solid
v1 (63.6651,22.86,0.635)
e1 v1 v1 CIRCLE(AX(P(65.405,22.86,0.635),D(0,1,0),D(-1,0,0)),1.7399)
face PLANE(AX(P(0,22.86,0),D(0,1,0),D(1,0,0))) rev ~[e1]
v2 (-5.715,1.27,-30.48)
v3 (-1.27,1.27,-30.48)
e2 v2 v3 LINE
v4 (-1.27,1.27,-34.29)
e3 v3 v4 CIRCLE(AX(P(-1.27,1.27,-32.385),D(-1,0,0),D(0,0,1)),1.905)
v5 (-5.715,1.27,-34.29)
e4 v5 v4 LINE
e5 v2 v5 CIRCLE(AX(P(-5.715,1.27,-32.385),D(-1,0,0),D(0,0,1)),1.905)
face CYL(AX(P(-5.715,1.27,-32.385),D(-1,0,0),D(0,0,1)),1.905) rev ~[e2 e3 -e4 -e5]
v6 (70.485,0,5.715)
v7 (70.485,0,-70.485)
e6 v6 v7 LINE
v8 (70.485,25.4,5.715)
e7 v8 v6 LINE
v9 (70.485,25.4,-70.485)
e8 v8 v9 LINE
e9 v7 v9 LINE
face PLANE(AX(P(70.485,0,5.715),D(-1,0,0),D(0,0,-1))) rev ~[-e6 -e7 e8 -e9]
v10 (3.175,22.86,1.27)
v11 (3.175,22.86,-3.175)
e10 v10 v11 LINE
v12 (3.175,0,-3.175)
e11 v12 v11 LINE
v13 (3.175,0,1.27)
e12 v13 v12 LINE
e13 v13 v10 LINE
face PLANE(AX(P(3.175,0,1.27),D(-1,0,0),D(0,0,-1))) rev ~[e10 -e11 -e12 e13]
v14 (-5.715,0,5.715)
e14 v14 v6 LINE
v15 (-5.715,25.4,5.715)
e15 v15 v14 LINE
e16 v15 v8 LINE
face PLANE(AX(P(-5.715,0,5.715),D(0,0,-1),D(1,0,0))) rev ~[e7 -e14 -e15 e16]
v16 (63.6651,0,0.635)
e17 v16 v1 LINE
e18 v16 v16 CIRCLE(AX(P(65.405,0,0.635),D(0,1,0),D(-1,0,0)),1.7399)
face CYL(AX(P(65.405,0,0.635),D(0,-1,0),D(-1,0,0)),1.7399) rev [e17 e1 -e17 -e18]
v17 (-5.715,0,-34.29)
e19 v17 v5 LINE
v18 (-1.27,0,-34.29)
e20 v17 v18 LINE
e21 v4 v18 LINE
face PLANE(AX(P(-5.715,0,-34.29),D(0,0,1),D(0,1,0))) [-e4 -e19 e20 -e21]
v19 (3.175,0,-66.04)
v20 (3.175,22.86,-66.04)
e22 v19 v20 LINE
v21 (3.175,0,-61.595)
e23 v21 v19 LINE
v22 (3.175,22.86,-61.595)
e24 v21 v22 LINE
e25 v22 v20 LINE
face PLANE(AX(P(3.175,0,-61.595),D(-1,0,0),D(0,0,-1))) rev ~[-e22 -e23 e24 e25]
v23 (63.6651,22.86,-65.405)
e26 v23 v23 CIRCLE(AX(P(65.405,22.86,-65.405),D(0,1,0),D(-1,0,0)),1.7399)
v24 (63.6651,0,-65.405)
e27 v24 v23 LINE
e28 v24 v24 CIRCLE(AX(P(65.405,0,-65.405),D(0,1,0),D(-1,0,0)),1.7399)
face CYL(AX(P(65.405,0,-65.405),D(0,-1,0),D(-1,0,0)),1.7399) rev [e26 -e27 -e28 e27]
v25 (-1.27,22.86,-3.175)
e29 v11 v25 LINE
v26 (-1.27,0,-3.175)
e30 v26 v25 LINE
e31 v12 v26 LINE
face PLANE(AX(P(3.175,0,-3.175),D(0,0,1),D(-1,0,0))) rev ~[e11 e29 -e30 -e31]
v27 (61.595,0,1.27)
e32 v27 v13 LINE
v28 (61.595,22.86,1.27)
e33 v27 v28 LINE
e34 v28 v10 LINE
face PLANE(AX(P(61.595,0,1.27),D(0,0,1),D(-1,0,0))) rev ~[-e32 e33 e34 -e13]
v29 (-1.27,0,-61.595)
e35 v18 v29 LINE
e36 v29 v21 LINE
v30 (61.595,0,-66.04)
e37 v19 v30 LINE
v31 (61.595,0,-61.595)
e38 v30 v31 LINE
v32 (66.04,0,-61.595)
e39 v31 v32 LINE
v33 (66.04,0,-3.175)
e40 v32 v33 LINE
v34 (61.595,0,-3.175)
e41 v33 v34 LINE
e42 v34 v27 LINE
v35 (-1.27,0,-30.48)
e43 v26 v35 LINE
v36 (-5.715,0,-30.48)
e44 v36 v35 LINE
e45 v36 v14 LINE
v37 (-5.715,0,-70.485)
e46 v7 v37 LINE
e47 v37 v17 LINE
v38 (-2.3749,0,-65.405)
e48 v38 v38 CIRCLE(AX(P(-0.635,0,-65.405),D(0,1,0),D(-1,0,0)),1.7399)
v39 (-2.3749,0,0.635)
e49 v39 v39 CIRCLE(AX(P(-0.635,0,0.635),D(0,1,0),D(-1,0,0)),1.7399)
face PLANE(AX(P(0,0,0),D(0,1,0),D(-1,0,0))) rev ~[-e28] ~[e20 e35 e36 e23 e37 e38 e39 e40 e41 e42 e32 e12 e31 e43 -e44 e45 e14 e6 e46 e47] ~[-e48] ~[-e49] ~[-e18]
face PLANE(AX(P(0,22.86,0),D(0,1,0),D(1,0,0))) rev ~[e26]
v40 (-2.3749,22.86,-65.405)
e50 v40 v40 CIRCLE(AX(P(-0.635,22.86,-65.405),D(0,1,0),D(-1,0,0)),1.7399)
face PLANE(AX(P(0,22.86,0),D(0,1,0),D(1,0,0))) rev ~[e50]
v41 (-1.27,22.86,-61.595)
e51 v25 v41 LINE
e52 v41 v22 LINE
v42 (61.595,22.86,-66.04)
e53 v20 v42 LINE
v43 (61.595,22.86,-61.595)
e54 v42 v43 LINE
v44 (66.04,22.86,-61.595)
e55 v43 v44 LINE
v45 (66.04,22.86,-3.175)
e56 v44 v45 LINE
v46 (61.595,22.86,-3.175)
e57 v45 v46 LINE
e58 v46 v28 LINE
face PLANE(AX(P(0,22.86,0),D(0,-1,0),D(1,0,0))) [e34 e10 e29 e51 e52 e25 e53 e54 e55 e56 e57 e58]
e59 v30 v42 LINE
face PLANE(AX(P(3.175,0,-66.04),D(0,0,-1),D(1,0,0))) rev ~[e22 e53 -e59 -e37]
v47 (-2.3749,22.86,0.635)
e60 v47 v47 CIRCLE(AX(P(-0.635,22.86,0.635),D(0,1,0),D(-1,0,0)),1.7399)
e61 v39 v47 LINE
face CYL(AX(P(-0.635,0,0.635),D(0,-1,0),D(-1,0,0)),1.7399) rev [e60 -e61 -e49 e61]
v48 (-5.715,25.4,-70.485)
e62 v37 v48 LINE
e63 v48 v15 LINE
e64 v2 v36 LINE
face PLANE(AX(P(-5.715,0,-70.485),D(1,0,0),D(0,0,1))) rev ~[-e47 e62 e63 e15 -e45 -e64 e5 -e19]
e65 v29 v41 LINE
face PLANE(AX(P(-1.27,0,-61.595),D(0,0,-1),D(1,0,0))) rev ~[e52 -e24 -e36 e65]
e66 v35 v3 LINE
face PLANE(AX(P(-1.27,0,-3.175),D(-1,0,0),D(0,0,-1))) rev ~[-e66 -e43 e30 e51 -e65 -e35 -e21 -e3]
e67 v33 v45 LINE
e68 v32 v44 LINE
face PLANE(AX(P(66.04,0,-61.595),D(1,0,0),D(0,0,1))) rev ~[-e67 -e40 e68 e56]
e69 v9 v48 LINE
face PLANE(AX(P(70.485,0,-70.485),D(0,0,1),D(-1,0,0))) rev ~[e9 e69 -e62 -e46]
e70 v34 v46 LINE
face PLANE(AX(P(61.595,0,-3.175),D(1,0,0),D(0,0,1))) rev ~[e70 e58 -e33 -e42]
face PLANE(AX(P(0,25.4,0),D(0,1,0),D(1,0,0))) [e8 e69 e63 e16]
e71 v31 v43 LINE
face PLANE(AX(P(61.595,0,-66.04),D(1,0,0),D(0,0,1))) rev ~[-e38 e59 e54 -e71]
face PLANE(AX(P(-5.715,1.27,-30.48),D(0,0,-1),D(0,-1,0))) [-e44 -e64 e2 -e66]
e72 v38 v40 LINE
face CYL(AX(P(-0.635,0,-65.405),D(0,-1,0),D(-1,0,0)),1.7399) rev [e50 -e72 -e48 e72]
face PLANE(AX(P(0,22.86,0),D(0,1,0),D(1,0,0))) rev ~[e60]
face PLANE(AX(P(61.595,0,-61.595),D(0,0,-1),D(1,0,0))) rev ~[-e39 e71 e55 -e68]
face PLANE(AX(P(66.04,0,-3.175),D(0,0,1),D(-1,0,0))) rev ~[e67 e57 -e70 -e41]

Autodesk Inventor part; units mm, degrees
ref_plane "YZ Plane" through (0, 0, 0) normal (1, 0, 0) x (0, 1, 0)
ref_plane "XZ Plane" through (0, 0, 0) normal (0, 1, 0) x (-1, 0, 0)
ref_plane "XY Plane" through (0, 0, 0) normal (0, 0, 1) x (1, 0, 0)
sketch "Sketch1" plane through (0, 0, 0) normal (0, 1, 0) x (-1, 0, 0)
  line L0 (-70.485, -70.485) -> (5.715, -70.485)
  line L1 (5.715, -70.485) -> (5.715, 5.715)
  line L2 (5.715, 5.715) -> (-70.485, 5.715)
  line L3 (-70.485, 5.715) -> (-70.485, -70.485)
  line L4 (-70.485, -70.485) -> (5.715, 5.715) construction
  line L5 (5.715, -70.485) -> (-70.485, 5.715) construction
  line L6 (5.715, 5.715) -> (0.635, 5.715) construction
  line L7 (0.635, 5.715) -> (0.635, 0.635) construction
  line L8 (0.635, 0.635) -> (5.715, 0.635) construction
  line L9 (5.715, 0.635) -> (5.715, 5.715) construction
  line L10 (-3.175, -3.175) -> (-61.595, -3.175)
  line L11 (-61.595, -3.175) -> (-61.595, -61.595)
  line L12 (-61.595, -61.595) -> (-3.175, -61.595)
  line L13 (-3.175, -61.595) -> (-3.175, -3.175)
  line L14 (-3.175, -3.175) -> (-61.595, -61.595) construction
  line L15 (-61.595, -3.175) -> (-3.175, -61.595) construction
  circle A0 centre (0.635, 0.635) radius 1.7399
  circle A1 centre (0.635, -65.405) radius 1.7399
  circle A2 centre (-65.405, 0.635) radius 1.7399
  circle A3 centre (-65.405, -65.405) radius 1.7399
  point P0 (0, 0)
  point P1 (-32.385, -32.385)
  dimension "d2" = 76.2
  dimension "d3" = 76.2
  dimension "d4" = 5.08
  dimension "d5" = 5.08
  dimension "d7" = 58.42
  dimension "d8" = 58.42
  dimension "d9" = 3.4798
  dimension "d12" = 66.04
  dimension "d15" = 66.04
extrude "Extrusion1" add sketch "Sketch1" along normal blind 22.86
sketch "Sketch2" plane through (0, 22.86, 0) normal (0, 1, 0) x (1, 0, 0)
  line L0 (-5.715, -5.715) -> (70.485, -5.715) projected
  line L1 (70.485, -5.715) -> (70.485, 70.485) projected
  line L2 (-5.715, -5.715) -> (70.485, -5.715)
  line L3 (70.485, -5.715) -> (70.485, 70.485)
  line L4 (70.485, 70.485) -> (-5.715, 70.485)
  line L5 (-5.715, 70.485) -> (-5.715, -5.715)
  point P0 (0, 0)
extrude "Extrusion2" add sketch "Sketch2" along normal blind 2.54
sketch "Sketch3" plane through (-5.715, 0, -70.485) normal (-1, 0, 0) x (0, 0, 1)
  line L0 (38.1, 0) -> (38.1, 25.4) construction
  line L1 (76.2, 25.4) -> (0, 25.4) construction
  line L2 (38.1, 0) -> (40.005, 0) construction
  line L3 (40.005, 0) -> (36.195, 0)
  line L4 (36.195, 0) -> (36.195, 1.27)
  line L5 (40.005, 1.27) -> (40.005, 0)
  arc A0 (40.005, 1.27) -> (36.195, 1.27) centre (38.1, 1.27) ccw
  point P0 (70.485, 0)
  point P1 (38.1, 3.175)
  dimension "d24" = 1.27
  dimension "d25" = 3.81
  dimension "d26" = 1.905
extrude "Extrusion3" cut sketch "Sketch3" against normal up to surface (8.89 mm away)
sketch "Sketch4" plane through (0, 0, 0) normal (0, -1, 0) x (1, 0, 0)
  line L0 (61.595, -3.175) -> (3.175, -3.175) construction
  line L1 (-5.715, 5.715) -> (70.485, 5.715) construction
  line L2 (3.175, -3.175) -> (61.595, -3.175)
  line L3 (61.595, -3.175) -> (61.595, 1.27)
  line L4 (61.595, 1.27) -> (3.175, 1.27)
  line L5 (3.175, 1.27) -> (3.175, -3.175)
  line L6 (70.485, -70.485) -> (-5.715, -70.485) construction
  circle A0 centre (32.385, -32.385) radius 4.575 construction
  line L7 (-1.27, -61.595) -> (3.175, -61.595)
  line L8 (3.175, -61.595) -> (3.175, -3.175)
  line L9 (3.175, -3.175) -> (-1.27, -3.175)
  line L10 (-1.27, -3.175) -> (-1.27, -61.595)
  line L11 (61.595, -66.04) -> (61.595, -61.595)
  line L12 (61.595, -61.595) -> (3.175, -61.595)
  line L13 (3.175, -61.595) -> (3.175, -66.04)
  line L14 (3.175, -66.04) -> (61.595, -66.04)
  line L15 (66.04, -3.175) -> (61.595, -3.175)
  line L16 (61.595, -3.175) -> (61.595, -61.595)
  line L17 (61.595, -61.595) -> (66.04, -61.595)
  line L18 (66.04, -61.595) -> (66.04, -3.175)
  point P0 (0, 0)
  dimension "d31" = 360
extrude "Extrusion4" cut sketch "Sketch4" against normal blind 22.86 contours L5 L4 L3 L2 | L8 L7 L10 L9 | L15 L18 L17 L16 | L12 L11 L14 L13
properties part number "keypad cover"
